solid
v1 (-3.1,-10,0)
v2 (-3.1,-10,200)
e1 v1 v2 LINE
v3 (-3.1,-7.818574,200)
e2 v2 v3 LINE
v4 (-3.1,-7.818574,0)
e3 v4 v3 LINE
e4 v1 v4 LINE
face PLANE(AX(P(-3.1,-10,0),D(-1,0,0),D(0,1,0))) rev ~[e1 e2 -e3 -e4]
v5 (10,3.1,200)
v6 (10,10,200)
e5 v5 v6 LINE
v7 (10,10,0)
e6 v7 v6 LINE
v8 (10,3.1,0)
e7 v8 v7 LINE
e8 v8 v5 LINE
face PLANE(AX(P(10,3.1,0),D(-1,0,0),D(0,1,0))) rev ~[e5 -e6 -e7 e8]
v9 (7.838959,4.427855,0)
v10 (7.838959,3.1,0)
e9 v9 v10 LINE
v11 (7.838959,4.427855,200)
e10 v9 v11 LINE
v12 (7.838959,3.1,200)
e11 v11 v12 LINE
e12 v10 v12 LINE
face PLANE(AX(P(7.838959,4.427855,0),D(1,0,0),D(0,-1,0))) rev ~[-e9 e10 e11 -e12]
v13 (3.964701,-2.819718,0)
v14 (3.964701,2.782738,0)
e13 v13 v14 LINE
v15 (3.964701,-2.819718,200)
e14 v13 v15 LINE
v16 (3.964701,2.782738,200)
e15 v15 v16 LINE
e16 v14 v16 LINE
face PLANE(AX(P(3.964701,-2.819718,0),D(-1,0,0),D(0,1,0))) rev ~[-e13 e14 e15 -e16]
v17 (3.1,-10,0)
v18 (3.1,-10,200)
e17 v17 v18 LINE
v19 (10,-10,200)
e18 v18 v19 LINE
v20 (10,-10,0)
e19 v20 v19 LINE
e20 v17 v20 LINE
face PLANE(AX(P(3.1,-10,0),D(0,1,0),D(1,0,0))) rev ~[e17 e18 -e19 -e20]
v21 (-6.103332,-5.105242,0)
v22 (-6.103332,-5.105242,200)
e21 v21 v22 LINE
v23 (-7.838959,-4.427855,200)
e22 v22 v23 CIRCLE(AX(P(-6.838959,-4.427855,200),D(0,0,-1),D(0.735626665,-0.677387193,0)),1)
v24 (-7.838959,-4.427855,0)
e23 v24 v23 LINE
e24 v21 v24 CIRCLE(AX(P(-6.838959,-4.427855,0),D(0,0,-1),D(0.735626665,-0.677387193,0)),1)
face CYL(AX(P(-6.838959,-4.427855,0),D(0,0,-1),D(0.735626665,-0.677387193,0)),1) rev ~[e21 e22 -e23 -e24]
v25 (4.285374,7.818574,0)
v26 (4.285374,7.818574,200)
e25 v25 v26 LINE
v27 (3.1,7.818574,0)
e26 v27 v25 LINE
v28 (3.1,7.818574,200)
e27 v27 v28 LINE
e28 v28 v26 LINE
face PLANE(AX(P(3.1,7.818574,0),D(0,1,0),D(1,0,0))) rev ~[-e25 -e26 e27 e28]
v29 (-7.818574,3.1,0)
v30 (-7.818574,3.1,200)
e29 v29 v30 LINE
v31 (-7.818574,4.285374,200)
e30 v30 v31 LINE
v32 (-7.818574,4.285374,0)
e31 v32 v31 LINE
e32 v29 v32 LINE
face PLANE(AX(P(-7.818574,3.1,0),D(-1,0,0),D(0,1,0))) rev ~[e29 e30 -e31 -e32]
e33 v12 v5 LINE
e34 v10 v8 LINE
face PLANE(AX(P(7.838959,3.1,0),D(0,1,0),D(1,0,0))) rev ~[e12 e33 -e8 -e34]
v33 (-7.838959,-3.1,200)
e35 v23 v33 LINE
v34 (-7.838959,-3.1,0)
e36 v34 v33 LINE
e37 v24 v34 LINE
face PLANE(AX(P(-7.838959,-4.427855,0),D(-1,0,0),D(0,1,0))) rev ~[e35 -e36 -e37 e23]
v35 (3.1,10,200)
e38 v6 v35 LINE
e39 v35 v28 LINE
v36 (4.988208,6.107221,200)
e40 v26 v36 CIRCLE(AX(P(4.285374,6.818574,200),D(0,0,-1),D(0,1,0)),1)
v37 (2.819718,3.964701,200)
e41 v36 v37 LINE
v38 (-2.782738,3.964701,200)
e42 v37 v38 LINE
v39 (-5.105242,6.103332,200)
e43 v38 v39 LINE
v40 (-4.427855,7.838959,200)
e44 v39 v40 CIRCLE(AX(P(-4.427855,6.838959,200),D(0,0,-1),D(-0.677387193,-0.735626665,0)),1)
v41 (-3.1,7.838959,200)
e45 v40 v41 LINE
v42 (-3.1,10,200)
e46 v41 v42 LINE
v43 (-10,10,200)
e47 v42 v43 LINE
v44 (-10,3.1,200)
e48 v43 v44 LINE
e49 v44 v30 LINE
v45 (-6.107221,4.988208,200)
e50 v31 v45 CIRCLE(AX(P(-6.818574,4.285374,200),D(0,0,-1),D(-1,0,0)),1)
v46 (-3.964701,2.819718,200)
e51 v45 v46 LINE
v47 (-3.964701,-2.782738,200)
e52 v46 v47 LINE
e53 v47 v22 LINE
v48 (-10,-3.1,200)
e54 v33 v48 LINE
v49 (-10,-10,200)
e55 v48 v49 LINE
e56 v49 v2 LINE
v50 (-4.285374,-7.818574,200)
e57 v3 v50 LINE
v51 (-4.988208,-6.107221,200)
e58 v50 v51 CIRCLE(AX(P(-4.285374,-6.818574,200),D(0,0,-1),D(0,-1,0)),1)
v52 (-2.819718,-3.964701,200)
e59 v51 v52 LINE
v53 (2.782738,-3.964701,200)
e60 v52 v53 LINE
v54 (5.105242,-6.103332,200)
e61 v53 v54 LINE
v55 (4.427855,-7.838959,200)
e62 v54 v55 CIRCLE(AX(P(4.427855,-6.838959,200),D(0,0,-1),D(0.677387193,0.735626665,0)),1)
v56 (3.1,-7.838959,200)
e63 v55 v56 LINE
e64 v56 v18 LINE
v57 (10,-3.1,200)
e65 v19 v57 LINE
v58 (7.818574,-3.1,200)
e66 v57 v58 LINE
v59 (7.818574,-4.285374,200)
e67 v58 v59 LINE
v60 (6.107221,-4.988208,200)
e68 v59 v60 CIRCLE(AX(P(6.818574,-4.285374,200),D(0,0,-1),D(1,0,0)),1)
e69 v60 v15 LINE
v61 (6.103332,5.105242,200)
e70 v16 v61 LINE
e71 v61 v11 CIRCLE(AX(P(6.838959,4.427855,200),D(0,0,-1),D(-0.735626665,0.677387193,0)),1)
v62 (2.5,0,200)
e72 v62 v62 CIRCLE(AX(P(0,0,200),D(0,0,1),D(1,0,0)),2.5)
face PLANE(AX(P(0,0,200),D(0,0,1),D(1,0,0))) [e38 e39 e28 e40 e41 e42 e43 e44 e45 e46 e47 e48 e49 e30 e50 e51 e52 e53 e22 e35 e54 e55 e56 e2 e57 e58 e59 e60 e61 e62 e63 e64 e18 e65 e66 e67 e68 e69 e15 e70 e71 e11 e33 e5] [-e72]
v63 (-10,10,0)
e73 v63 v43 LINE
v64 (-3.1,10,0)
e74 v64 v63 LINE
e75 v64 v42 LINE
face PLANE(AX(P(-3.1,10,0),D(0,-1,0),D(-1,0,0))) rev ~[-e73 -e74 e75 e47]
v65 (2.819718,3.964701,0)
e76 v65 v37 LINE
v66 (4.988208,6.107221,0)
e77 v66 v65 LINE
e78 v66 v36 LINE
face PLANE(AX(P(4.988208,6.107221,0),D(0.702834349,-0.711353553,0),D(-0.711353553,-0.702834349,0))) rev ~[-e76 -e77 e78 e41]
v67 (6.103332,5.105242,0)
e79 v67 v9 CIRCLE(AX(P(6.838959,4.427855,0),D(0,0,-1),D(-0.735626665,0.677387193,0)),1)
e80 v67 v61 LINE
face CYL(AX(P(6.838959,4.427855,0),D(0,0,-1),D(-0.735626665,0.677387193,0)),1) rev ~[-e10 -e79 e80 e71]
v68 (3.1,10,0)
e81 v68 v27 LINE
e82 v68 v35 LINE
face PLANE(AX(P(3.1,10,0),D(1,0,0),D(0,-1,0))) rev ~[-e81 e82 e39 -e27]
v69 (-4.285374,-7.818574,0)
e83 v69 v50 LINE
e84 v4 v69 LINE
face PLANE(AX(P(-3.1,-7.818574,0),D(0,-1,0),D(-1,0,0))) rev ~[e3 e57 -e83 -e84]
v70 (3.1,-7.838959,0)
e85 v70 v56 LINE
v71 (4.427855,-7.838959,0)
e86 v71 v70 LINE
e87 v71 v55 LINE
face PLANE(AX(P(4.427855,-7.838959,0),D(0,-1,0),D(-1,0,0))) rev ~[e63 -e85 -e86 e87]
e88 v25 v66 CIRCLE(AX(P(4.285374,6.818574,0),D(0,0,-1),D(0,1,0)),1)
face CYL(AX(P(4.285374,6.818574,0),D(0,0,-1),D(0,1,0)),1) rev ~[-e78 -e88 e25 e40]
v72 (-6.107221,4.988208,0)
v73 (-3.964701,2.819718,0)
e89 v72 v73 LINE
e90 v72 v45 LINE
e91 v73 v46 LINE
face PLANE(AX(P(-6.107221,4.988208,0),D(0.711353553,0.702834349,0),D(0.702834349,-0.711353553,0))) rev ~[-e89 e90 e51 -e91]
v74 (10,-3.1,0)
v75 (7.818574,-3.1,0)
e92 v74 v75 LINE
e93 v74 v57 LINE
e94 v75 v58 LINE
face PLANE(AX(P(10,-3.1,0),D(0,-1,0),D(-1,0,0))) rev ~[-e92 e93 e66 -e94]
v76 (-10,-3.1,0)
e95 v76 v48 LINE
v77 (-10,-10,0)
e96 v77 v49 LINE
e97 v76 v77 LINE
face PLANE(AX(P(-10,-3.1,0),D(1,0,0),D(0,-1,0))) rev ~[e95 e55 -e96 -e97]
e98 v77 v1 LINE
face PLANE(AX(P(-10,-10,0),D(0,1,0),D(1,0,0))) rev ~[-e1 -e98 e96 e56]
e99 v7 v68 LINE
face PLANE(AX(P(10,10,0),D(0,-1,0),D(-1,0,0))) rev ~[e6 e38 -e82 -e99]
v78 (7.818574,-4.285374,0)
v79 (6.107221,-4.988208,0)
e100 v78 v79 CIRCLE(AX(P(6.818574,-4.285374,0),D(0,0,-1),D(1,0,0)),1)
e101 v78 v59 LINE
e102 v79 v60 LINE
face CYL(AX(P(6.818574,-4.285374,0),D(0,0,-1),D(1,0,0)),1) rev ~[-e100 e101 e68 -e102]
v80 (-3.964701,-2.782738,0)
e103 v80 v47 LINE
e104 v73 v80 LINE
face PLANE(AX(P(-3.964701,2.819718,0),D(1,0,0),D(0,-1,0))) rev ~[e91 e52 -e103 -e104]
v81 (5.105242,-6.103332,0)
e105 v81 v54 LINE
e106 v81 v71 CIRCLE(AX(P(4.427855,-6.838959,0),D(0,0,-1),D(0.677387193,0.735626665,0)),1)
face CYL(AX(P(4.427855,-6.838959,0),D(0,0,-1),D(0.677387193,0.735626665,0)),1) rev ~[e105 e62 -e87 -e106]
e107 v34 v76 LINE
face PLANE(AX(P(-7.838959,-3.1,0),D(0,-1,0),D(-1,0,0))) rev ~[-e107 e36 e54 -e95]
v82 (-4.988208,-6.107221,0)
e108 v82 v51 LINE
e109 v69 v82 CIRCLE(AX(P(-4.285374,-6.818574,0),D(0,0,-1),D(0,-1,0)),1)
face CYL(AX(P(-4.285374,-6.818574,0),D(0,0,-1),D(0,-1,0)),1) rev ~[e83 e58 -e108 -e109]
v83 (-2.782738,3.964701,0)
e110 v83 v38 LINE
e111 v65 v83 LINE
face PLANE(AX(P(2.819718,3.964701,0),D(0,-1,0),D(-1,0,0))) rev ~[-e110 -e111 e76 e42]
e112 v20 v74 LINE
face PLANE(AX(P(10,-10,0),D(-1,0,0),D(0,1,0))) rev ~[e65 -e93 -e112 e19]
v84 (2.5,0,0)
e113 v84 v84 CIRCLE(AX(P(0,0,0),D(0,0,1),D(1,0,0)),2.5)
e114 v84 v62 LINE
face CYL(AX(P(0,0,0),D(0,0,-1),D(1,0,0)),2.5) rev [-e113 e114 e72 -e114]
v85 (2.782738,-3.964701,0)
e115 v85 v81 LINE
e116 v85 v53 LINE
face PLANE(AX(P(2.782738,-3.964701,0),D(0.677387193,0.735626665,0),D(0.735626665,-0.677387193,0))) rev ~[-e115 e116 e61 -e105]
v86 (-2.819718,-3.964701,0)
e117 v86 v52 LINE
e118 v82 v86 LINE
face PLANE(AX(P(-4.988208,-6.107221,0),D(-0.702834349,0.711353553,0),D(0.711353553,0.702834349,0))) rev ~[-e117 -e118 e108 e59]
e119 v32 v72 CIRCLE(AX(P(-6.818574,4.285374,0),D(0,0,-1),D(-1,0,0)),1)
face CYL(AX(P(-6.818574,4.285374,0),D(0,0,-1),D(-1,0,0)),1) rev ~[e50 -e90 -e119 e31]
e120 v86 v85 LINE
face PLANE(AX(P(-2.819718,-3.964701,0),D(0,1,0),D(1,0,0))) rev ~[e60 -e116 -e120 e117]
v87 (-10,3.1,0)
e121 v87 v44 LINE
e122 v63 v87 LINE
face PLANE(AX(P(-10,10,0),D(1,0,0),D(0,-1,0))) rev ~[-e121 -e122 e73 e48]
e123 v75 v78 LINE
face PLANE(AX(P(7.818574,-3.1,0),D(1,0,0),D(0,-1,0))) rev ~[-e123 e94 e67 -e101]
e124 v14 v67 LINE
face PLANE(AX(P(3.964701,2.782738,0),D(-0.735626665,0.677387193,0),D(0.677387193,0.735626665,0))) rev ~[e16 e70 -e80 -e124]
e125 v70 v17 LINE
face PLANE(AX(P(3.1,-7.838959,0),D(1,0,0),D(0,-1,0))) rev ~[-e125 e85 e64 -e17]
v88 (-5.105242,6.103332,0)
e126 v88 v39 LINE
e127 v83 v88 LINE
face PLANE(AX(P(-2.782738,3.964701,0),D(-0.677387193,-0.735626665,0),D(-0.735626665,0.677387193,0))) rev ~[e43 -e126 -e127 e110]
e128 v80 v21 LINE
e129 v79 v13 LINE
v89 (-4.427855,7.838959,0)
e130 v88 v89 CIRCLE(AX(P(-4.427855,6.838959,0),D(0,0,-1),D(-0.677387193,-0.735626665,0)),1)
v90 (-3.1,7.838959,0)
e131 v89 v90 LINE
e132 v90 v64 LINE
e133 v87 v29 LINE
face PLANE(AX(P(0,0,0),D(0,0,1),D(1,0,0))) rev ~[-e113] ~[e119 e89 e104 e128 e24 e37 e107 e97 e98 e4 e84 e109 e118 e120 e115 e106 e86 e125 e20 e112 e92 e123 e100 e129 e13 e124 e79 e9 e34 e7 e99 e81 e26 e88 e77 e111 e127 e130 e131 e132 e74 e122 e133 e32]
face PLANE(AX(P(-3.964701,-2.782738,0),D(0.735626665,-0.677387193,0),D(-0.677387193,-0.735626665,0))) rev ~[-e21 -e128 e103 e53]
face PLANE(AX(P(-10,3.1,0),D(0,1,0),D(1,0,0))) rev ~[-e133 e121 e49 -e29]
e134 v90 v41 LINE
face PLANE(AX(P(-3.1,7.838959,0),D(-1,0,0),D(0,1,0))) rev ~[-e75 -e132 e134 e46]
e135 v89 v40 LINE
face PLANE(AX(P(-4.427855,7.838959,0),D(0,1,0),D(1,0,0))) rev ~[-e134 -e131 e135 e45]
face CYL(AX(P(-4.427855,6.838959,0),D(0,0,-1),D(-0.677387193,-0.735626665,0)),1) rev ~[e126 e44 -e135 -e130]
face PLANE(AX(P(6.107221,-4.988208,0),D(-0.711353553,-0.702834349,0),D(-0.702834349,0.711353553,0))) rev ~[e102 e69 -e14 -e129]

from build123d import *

# Parameters (mm, degrees)
SKETCH2_R           = 2.5
BOSS_EXTRUDE1_DEPTH = 200


with BuildPart() as part:
    # Sketch2 → Boss-Extrude1 (new body)
    with BuildSketch(Plane.XY):
        with BuildLine():
            Line((-10, -10), (-3.1, -10))
            Line((-3.1, -10), (-3.1, -7.81857447))
            Line((-3.1, -7.81857447), (-4.285374034, -7.81857447))
            ThreePointArc((-4.285374034, -7.81857447), (-5.210402021, -7.198473435), (-4.988208383, -6.107220917))
            Line((-4.988208383, -6.107220917), (-2.819718275, -3.96470075))
            Line((-2.819718275, -3.96470075), (0, -3.96470075))
            Line((0, -3.96470075), (2.782738033, -3.96470075))
            Line((2.782738033, -3.96470075), (5.105242131, -6.103332486))
            ThreePointArc((5.105242131, -6.103332486), (5.359419929, -7.202533996), (4.427854938, -7.838959152))
            Line((4.427854938, -7.838959152), (3.1, -7.838959152))
            Line((3.1, -7.838959152), (3.1, -10))
            Line((3.1, -10), (10, -10))
            Line((10, -10), (10, -3.1))
            Line((10, -3.1), (7.81857447, -3.1))
            Line((7.81857447, -3.1), (7.81857447, -4.285374034))
            ThreePointArc((7.81857447, -4.285374034), (7.198473435, -5.210402021), (6.107220917, -4.988208383))
            Line((6.107220917, -4.988208383), (3.96470075, -2.819718275))
            Line((3.96470075, -2.819718275), (3.96470075, 0))
            Line((3.96470075, 0), (3.96470075, 2.782738033))
            Line((3.96470075, 2.782738033), (6.103332486, 5.105242131))
            ThreePointArc((6.103332486, 5.105242131), (7.202533996, 5.359419929), (7.838959152, 4.427854938))
            Line((7.838959152, 4.427854938), (7.838959152, 3.1))
            Line((7.838959152, 3.1), (10, 3.1))
            Line((10, 3.1), (10, 10))
            Line((10, 10), (3.1, 10))
            Line((3.1, 10), (3.1, 7.81857447))
            Line((3.1, 7.81857447), (4.285374034, 7.81857447))
            ThreePointArc((4.285374034, 7.81857447), (5.210402021, 7.198473435), (4.988208383, 6.107220917))
            Line((4.988208383, 6.107220917), (2.819718275, 3.96470075))
            Line((2.819718275, 3.96470075), (0, 3.96470075))
            Line((0, 3.96470075), (-2.782738033, 3.96470075))
            Line((-2.782738033, 3.96470075), (-5.105242131, 6.103332486))
            ThreePointArc((-5.105242131, 6.103332486), (-5.359419929, 7.202533996), (-4.427854938, 7.838959152))
            Line((-4.427854938, 7.838959152), (-3.1, 7.838959152))
            Line((-3.1, 7.838959152), (-3.1, 10))
            Line((-3.1, 10), (-10, 10))
            Line((-10, 10), (-10, 3.1))
            Line((-10, 3.1), (-7.81857447, 3.1))
            Line((-7.81857447, 3.1), (-7.81857447, 4.285374034))
            ThreePointArc((-7.81857447, 4.285374034), (-7.198473435, 5.210402021), (-6.107220917, 4.988208383))
            Line((-6.107220917, 4.988208383), (-3.96470075, 2.819718275))
            Line((-3.96470075, 2.819718275), (-3.96470075, 0))
            Line((-3.96470075, 0), (-3.96470075, -2.782738033))
            Line((-3.96470075, -2.782738033), (-6.103332486, -5.105242131))
            ThreePointArc((-6.103332486, -5.105242131), (-7.202533996, -5.359419929), (-7.838959152, -4.427854938))
            Line((-7.838959152, -4.427854938), (-7.838959152, -3.1))
            Line((-7.838959152, -3.1), (-10, -3.1))
            Line((-10, -3.1), (-10, -10))
        make_face()
        Circle(SKETCH2_R, mode=Mode.SUBTRACT)
    extrude(amount=BOSS_EXTRUDE1_DEPTH)


solid = part.part
